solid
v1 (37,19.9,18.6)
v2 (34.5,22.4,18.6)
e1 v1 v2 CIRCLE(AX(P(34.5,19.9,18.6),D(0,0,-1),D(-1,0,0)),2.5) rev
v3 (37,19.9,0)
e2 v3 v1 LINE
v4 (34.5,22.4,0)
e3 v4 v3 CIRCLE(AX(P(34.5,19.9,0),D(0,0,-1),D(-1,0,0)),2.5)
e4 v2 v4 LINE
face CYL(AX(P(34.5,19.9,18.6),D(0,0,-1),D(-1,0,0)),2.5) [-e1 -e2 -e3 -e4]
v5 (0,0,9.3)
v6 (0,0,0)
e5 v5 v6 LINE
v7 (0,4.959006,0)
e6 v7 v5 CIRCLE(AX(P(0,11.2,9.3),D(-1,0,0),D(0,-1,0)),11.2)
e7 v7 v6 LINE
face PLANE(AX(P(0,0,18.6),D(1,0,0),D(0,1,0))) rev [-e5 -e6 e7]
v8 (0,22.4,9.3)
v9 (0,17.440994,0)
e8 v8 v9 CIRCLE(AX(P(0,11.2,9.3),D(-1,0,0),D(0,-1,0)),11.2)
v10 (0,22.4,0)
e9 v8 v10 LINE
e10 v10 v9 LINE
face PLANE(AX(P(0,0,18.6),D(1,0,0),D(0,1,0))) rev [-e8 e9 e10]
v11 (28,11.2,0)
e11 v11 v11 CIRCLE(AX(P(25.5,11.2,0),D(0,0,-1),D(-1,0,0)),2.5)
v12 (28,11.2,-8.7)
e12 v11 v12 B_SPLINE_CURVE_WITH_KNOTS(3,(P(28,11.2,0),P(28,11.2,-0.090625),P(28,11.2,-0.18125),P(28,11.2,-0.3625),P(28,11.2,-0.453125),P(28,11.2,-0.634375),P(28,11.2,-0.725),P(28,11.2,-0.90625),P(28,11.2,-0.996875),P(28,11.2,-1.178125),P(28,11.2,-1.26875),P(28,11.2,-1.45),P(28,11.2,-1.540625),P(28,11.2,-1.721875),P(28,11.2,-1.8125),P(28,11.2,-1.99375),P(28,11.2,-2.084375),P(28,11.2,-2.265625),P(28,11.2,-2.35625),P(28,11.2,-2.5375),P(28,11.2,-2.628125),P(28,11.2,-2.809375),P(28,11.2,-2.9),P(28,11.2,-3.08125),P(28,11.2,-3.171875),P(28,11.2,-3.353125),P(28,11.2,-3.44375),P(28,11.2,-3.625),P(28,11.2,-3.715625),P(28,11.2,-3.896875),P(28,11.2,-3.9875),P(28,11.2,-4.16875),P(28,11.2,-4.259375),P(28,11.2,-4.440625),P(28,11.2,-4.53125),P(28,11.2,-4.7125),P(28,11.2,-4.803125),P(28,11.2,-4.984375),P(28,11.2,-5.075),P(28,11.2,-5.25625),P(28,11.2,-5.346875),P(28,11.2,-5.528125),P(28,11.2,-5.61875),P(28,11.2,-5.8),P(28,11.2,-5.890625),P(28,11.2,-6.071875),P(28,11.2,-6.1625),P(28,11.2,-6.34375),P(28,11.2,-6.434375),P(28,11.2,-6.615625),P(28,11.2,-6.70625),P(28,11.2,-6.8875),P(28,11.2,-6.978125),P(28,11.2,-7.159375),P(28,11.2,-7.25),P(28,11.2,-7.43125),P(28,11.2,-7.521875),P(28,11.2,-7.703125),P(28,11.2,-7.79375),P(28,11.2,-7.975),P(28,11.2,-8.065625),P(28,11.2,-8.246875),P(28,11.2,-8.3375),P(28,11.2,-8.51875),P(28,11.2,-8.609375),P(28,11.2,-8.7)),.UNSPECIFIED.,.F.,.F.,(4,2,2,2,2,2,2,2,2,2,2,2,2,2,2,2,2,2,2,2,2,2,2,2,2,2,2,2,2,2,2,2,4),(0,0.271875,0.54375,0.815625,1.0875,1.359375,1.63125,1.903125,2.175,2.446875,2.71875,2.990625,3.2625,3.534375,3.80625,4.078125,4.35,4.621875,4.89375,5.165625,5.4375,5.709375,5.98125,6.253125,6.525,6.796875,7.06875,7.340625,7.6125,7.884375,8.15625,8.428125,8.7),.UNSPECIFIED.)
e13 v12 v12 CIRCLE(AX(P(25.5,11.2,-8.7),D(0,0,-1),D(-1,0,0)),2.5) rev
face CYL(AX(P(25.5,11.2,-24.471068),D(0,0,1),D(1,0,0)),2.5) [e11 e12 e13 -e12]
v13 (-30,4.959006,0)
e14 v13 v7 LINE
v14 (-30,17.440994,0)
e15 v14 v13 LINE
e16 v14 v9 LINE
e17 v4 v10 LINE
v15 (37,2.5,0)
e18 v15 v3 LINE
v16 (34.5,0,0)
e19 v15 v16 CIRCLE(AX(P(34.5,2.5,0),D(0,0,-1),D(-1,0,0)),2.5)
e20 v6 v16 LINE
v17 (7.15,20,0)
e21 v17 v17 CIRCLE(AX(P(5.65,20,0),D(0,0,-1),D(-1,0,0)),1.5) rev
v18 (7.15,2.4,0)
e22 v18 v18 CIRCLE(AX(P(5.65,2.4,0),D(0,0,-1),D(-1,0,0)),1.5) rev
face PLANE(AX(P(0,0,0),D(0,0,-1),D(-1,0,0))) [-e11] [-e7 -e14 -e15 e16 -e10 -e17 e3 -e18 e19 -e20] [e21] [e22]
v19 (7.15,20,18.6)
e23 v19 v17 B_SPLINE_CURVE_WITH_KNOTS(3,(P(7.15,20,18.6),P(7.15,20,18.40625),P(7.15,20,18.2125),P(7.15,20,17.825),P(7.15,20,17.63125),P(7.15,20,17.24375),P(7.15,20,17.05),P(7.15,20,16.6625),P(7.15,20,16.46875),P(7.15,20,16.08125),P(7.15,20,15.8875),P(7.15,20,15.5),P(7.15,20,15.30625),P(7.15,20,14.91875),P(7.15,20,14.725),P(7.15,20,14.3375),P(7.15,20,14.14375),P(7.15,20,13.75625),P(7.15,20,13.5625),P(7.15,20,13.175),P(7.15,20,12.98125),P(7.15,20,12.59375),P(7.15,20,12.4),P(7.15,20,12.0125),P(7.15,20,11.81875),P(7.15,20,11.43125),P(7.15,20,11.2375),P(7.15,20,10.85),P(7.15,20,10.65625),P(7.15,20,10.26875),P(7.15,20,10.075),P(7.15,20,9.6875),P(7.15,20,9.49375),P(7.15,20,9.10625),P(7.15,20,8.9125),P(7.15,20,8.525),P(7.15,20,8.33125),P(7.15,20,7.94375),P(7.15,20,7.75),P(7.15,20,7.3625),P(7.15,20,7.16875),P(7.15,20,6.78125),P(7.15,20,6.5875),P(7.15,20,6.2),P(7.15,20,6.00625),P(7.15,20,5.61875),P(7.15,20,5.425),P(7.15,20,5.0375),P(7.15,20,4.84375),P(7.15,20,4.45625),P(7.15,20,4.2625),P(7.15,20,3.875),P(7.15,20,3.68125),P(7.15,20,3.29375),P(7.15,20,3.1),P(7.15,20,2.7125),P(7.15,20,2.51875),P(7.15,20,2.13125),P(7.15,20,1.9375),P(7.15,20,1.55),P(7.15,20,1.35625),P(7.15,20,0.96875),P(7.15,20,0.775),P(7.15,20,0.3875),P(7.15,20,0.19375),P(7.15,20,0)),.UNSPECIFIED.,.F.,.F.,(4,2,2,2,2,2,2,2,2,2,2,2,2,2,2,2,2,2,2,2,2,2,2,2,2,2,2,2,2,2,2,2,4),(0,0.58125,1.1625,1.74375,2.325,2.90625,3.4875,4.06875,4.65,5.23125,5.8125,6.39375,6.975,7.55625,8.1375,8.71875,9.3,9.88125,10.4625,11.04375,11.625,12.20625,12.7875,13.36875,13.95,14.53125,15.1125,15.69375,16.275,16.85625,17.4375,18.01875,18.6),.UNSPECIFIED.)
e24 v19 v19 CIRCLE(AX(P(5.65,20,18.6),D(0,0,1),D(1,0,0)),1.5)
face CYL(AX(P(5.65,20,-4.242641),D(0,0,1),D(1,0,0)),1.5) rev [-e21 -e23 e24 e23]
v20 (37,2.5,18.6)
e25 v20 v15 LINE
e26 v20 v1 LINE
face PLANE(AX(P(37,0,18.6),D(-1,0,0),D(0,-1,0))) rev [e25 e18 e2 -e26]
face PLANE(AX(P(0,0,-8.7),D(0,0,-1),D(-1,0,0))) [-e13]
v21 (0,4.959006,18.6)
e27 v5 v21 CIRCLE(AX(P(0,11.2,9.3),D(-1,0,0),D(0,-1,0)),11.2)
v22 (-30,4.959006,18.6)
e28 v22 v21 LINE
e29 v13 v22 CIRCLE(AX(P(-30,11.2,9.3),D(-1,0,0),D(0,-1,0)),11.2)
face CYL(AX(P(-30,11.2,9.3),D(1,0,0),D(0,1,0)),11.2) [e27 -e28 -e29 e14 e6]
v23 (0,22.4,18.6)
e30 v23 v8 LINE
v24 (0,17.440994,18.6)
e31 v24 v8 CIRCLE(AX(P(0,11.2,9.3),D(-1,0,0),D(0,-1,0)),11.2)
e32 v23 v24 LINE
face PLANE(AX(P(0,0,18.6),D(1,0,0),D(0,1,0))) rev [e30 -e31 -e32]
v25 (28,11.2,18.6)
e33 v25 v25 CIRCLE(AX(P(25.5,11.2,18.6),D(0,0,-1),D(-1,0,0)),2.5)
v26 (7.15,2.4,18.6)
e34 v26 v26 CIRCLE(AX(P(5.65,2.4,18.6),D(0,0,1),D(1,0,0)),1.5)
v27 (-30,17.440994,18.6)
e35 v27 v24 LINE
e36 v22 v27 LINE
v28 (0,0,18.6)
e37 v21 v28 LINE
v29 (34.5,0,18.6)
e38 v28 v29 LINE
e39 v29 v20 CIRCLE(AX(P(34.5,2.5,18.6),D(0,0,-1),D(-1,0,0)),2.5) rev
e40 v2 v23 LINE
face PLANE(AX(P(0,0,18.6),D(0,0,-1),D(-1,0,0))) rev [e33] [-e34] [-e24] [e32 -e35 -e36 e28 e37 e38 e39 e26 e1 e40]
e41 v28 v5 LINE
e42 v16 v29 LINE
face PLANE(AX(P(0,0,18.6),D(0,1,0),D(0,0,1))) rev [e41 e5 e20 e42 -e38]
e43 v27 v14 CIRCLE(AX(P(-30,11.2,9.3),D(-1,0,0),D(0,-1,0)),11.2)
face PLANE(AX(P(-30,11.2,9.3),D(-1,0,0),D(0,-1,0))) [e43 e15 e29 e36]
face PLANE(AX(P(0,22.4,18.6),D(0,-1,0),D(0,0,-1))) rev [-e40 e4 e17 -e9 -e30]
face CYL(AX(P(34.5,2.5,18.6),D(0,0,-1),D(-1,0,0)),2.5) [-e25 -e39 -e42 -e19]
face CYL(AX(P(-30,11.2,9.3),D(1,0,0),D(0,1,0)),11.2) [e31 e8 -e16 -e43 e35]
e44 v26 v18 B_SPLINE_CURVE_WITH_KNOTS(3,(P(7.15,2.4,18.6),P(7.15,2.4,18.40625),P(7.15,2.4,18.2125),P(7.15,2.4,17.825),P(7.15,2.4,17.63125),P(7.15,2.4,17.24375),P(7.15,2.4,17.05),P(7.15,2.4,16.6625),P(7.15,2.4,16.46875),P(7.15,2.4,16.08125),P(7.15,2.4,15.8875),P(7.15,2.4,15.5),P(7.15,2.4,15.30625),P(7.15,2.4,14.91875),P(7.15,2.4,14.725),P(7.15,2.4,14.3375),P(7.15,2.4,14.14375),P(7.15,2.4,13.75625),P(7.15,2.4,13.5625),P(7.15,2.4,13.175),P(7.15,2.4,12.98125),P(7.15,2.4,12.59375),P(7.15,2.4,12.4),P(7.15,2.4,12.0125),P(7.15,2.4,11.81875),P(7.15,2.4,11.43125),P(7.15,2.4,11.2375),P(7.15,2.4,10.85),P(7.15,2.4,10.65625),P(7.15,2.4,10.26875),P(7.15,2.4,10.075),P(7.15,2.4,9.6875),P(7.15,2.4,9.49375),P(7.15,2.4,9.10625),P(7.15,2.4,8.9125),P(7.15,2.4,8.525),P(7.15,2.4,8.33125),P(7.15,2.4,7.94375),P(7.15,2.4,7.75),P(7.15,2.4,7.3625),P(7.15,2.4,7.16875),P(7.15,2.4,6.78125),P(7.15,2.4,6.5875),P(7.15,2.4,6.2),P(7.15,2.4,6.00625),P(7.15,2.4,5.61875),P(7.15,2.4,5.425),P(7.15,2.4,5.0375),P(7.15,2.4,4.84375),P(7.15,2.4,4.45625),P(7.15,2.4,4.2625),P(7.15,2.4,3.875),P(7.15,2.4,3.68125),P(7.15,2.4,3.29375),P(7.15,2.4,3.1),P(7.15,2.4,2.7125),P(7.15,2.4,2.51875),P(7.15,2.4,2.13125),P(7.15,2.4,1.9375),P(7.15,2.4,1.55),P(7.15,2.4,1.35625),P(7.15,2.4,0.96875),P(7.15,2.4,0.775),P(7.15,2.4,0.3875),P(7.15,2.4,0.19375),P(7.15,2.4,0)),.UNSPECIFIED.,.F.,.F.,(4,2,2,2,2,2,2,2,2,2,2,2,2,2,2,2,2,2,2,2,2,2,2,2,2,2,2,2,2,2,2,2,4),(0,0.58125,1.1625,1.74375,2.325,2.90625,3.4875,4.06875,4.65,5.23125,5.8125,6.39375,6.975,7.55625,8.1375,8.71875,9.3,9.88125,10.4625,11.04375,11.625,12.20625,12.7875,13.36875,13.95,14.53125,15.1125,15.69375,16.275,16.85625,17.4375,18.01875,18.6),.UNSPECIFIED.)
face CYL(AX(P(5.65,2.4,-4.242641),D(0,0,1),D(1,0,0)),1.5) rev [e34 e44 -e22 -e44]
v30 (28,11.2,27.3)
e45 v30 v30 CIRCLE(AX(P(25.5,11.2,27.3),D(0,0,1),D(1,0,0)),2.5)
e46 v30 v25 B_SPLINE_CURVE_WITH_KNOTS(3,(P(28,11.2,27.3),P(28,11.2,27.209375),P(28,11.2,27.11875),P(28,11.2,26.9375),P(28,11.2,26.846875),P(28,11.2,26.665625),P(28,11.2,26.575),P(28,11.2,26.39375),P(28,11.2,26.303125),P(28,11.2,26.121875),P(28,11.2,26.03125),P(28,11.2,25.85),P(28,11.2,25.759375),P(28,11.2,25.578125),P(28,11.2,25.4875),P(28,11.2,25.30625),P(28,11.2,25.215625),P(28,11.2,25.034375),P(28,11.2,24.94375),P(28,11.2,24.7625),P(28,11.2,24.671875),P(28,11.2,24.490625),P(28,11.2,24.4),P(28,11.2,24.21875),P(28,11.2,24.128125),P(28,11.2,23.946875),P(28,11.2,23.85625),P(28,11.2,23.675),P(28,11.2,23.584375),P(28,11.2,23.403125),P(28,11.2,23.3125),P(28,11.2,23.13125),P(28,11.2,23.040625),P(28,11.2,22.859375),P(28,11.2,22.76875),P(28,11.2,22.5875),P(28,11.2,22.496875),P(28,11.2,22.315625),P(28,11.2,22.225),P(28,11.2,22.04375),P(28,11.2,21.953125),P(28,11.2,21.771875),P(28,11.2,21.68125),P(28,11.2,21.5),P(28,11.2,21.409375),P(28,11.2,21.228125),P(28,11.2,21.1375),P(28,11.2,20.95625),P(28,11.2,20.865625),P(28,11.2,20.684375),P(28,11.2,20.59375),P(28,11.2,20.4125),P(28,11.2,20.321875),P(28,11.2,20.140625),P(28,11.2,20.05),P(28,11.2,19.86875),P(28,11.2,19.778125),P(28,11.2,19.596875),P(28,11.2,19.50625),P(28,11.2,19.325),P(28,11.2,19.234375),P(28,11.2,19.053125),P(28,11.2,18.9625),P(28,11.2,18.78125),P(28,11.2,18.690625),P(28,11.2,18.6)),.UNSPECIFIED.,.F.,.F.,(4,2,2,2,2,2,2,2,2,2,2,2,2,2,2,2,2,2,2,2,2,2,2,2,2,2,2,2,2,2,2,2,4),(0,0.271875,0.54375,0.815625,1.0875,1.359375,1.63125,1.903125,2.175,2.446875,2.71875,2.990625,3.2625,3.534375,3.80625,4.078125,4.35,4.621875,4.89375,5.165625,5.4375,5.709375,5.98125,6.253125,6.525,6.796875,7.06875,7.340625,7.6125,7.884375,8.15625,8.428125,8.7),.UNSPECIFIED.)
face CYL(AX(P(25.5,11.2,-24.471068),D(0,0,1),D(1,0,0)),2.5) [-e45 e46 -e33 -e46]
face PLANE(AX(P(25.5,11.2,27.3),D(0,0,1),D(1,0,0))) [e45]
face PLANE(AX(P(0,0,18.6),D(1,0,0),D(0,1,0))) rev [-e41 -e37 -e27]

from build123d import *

# Parameters (mm, degrees)
SKETCH1_W                = 37
SKETCH1_H                = 22.4
BOSS_EXTRUDE1_DEPTH      = 18.6
BOSS_EXTRUDE2_DEPTH      = 30
BOSS_EXTRUDE3_DEPTH      = 8.7
BOSS_EXTRUDE3_DEPTH_BACK = 27.3
SKETCH3_R                = 2.5
SKETCH4_R                = 1.5
CUT_EXTRUDE1_DEPTH       = 18.6
FILLET2_R                = 2.5


with BuildPart() as part:
    # Sketch1 → Boss-Extrude1 (new body)
    with BuildSketch(Plane.XY):
        with Locations((18.5, 11.2)):
            Rectangle(SKETCH1_W, SKETCH1_H)
    extrude(amount=BOSS_EXTRUDE1_DEPTH)

    # Sketch2 → Boss-Extrude2 (add)
    with BuildSketch(Plane.ZY):
        with BuildLine():
            Line((0, 17.440993511), (0, 4.959006489))
            ThreePointArc((0, 4.959006489), (9.3, 0), (18.6, 4.959006489))
            Line((18.6, 4.959006489), (18.6, 17.440993511))
            ThreePointArc((18.6, 17.440993511), (9.3, 22.4), (0, 17.440993511))
        make_face()
    extrude(amount=BOSS_EXTRUDE2_DEPTH)

    # Sketch3 → Boss-Extrude3 (add, two sides: drawn at the far end of the back side and taken through both)
    with BuildSketch(Plane.XY.offset(18.6).offset(-BOSS_EXTRUDE3_DEPTH_BACK)):
        with Locations((25.5, 11.2)):
            Circle(SKETCH3_R)
    extrude(amount=BOSS_EXTRUDE3_DEPTH + BOSS_EXTRUDE3_DEPTH_BACK)

    # Sketch4 → Cut-Extrude1 (cut)
    with BuildSketch(Plane.XY.offset(18.6)):
        with Locations((5.65, 20)):
            Circle(SKETCH4_R)
        with Locations((5.65, 2.4)):
            Circle(SKETCH4_R)
    extrude(amount=-CUT_EXTRUDE1_DEPTH, mode=Mode.SUBTRACT)

    # Fillet2
    fillet2_edges = [part.edges().sort_by_distance(p)[0] for p in [
        (37, 22.4, 9.3),
        (37, 0, 9.3),
    ]]
    fillet(fillet2_edges, radius=FILLET2_R)


solid = part.part
